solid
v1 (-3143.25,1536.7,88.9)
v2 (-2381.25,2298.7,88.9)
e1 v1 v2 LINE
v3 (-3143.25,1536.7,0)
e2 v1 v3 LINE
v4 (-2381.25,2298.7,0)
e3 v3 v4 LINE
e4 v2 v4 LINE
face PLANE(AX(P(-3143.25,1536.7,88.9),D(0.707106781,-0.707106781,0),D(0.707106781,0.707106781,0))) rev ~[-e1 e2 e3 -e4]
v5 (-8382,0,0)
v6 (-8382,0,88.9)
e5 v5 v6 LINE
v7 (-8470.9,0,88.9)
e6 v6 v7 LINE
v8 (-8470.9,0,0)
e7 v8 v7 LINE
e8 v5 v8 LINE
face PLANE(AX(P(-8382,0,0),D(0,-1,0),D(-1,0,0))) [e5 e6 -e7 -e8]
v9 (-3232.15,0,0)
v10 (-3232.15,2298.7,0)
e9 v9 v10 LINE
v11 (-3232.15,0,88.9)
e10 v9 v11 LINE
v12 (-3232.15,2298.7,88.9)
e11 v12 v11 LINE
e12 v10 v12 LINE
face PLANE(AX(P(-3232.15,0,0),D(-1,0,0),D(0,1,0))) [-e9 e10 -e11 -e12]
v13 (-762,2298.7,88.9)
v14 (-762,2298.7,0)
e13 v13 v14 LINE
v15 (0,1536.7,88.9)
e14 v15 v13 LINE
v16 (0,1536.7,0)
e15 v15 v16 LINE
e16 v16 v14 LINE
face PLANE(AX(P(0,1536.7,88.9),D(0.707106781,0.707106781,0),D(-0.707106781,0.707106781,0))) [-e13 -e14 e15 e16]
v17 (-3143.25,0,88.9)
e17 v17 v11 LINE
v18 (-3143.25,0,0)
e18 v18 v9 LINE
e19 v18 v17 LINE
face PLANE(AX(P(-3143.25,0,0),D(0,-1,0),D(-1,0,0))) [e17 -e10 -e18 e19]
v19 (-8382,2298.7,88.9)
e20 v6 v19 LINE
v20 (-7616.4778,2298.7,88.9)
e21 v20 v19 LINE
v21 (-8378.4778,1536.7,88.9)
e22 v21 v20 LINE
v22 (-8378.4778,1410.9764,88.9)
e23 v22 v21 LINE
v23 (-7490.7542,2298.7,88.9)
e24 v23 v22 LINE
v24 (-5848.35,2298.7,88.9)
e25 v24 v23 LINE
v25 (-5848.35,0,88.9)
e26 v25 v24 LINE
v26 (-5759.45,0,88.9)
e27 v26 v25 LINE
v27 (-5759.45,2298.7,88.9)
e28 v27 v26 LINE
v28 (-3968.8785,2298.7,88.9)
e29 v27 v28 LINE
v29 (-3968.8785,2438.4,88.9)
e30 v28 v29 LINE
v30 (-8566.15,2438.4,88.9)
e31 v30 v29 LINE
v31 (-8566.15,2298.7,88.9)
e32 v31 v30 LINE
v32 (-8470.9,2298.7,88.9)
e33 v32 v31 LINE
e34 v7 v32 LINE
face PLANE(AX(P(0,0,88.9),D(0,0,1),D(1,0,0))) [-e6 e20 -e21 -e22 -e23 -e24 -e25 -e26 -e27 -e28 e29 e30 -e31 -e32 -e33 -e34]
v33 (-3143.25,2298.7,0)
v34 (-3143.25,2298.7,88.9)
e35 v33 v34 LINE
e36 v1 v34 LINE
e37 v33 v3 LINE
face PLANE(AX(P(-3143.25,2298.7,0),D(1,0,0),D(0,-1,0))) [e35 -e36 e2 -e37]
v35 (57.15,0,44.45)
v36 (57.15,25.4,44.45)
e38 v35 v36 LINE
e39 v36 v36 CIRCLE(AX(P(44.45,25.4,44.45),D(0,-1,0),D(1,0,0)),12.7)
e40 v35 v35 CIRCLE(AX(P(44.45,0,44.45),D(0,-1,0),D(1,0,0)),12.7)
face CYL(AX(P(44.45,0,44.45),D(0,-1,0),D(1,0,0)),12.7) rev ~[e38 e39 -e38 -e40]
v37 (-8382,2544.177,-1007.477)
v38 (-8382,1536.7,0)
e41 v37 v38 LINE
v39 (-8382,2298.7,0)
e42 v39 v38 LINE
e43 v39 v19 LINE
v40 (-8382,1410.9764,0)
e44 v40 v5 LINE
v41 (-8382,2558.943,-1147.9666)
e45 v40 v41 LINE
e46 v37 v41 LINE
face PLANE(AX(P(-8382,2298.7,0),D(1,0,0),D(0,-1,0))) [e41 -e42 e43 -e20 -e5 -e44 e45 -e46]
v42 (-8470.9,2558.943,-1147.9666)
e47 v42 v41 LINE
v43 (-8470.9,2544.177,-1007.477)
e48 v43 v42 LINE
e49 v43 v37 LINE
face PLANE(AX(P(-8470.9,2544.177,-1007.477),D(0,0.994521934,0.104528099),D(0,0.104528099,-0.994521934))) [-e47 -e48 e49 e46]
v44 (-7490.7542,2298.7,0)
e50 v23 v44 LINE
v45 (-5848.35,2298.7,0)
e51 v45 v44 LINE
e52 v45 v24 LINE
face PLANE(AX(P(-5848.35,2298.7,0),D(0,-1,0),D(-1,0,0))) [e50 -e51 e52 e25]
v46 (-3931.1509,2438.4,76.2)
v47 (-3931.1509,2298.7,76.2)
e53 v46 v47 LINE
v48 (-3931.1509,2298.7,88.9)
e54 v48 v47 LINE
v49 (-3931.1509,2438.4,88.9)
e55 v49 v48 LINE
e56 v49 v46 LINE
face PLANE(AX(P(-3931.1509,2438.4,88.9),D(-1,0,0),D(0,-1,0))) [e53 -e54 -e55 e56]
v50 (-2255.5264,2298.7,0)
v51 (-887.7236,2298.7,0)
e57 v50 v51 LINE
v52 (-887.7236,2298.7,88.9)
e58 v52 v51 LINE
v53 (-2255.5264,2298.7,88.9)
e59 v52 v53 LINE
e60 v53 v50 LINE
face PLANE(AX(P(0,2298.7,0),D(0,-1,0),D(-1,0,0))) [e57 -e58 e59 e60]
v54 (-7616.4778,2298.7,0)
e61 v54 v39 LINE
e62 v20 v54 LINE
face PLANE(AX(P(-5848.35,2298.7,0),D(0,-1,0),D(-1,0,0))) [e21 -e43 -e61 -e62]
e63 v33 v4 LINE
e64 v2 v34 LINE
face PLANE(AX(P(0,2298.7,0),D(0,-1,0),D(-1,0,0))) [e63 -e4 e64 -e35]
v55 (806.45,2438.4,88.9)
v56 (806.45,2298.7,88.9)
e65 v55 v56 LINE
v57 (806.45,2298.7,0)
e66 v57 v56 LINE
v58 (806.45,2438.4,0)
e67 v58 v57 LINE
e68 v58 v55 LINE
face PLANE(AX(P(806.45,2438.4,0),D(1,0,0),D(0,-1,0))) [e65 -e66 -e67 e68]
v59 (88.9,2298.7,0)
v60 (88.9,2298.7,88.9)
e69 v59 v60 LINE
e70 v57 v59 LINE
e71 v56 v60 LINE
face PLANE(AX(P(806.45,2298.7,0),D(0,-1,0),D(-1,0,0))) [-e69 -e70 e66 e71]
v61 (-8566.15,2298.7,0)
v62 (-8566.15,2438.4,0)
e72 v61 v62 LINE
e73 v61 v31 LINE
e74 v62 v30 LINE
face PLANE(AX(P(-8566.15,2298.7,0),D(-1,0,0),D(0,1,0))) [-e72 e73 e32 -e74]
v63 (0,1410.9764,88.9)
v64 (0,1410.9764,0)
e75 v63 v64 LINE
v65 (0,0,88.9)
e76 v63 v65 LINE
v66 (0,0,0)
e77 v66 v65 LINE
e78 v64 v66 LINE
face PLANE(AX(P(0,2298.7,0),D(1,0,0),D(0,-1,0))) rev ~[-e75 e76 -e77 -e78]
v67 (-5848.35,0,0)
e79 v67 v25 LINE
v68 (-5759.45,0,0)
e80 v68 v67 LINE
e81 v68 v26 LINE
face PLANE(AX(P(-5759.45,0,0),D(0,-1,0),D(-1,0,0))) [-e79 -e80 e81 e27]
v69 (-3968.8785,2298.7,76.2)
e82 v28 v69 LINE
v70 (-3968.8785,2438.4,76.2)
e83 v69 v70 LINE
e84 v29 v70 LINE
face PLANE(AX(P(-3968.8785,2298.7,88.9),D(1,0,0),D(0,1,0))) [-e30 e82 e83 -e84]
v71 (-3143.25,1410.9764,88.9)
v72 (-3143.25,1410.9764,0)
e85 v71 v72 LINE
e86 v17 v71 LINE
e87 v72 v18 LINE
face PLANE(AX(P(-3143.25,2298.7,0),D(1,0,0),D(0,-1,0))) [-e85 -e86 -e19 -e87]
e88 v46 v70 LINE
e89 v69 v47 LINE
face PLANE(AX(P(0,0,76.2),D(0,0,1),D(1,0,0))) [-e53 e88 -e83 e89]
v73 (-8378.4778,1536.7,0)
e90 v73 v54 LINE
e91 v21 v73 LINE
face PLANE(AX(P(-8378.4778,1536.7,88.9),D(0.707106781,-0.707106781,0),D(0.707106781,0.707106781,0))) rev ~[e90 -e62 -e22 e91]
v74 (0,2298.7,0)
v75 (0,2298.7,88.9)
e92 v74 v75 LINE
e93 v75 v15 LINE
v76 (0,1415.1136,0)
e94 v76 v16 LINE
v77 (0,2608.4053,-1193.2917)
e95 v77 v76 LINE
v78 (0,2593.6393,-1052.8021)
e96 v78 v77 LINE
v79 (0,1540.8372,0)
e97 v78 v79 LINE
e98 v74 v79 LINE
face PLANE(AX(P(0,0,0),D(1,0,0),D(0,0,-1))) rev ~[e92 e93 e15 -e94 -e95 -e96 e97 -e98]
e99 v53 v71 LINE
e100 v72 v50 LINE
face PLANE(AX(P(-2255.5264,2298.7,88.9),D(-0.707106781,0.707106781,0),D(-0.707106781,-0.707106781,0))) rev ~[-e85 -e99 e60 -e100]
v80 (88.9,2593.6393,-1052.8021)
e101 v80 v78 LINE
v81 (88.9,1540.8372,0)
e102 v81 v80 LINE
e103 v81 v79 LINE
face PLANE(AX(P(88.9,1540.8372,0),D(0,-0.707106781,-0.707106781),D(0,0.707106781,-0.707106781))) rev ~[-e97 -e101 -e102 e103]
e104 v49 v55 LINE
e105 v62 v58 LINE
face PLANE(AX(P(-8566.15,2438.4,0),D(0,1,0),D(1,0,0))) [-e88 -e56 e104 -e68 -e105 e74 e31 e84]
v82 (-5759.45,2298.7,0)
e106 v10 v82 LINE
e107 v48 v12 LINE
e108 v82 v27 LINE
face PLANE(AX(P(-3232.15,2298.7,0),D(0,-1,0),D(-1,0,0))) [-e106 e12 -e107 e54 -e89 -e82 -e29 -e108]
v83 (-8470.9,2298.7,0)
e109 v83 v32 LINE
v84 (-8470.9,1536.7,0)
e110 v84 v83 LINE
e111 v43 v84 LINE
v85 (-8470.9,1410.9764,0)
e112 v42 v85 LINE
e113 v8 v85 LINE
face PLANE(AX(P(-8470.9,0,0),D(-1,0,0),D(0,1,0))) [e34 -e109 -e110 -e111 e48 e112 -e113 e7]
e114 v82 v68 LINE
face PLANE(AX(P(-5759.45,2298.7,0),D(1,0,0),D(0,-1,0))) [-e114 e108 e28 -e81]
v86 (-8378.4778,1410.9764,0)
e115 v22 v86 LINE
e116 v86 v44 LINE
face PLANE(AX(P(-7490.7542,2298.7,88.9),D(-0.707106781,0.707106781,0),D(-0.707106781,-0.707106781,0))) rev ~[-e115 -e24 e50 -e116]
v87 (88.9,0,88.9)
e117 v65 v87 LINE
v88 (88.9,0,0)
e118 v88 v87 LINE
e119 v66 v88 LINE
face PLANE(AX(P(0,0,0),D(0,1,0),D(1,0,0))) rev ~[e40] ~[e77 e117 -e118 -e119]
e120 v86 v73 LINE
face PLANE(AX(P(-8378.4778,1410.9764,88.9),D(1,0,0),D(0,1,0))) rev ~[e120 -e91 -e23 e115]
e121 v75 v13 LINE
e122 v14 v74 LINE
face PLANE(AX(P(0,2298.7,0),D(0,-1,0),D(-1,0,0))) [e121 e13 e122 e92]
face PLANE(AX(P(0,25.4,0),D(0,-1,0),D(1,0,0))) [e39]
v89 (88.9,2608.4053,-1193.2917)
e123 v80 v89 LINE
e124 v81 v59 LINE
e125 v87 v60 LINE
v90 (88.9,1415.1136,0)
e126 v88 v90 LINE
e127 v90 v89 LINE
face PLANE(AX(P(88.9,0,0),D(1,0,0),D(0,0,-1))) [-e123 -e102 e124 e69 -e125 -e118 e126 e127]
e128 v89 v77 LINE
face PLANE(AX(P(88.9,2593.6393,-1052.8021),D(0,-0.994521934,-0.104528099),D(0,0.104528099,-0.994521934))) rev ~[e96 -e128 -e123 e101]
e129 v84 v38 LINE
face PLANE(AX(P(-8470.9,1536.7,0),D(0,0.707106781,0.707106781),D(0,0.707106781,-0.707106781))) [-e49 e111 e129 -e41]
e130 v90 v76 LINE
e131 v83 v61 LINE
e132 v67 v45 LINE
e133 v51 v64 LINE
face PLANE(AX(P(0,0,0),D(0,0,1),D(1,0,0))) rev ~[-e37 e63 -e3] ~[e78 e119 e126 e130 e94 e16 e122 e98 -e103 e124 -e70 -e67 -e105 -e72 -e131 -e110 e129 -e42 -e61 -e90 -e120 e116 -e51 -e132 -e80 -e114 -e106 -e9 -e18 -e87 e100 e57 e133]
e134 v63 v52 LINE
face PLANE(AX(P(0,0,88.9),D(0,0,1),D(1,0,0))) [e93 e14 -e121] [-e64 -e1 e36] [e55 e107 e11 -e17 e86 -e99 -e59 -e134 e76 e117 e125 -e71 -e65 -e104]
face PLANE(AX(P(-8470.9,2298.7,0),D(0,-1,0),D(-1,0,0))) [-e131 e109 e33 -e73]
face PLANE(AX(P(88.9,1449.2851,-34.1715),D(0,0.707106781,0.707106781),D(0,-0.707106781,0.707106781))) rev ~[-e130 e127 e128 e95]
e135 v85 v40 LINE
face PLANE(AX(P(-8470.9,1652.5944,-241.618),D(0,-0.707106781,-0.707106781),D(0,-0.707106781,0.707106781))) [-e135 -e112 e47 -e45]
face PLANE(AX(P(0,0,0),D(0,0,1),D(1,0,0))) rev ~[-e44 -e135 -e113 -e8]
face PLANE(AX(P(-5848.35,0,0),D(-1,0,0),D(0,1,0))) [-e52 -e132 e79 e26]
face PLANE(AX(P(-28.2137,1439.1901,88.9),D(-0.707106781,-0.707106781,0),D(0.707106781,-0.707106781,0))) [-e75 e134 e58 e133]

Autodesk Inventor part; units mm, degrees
ref_plane "YZ Plane" through (0, 0, 0) normal (1, 0, 0) x (0, 1, 0)
ref_plane "XZ Plane" through (0, 0, 0) normal (0, 1, 0) x (-1, 0, 0)
ref_plane "XY Plane" through (0, 0, 0) normal (0, 0, 1) x (1, 0, 0)
sketch "Sketch1" plane through (0, 0, 0) normal (0, 0, 1) x (1, 0, 0)
  line L0 (0, 0) -> (88.9, 0)
  line L1 (88.9, 0) -> (88.9, 2298.7)
  line L2 (88.9, 2298.7) -> (0, 2298.7)
  line L3 (0, 2298.7) -> (0, 0)
  line L4 (44.45, 2298.7) -> (806.45, 2298.7) construction
  line L5 (806.45, 2298.7) -> (-8566.15, 2298.7)
  line L6 (-8566.15, 2298.7) -> (-8566.15, 2438.4)
  line L7 (-8566.15, 2438.4) -> (806.45, 2438.4)
  line L8 (806.45, 2438.4) -> (806.45, 2298.7)
  line L9 (-3143.25, 0) -> (-3232.15, 0)
  line L10 (-3232.15, 0) -> (-3232.15, 2298.7)
  line L11 (-3232.15, 2298.7) -> (-3143.25, 2298.7)
  line L12 (-3143.25, 2298.7) -> (-3143.25, 0)
  line L13 (-5759.45, 0) -> (-5848.35, 0)
  line L14 (-5848.35, 0) -> (-5848.35, 2298.7)
  line L15 (-5848.35, 2298.7) -> (-5759.45, 2298.7)
  line L16 (-5759.45, 2298.7) -> (-5759.45, 0)
  line L17 (-8382, 0) -> (-8470.9, 0)
  line L18 (-8470.9, 0) -> (-8470.9, 2298.7)
  line L19 (-8470.9, 2298.7) -> (-8382, 2298.7)
  line L20 (-8382, 2298.7) -> (-8382, 0)
  line L21 (0, 1536.7) -> (1081.4669, 1536.7) construction
  line L22 (-3187.7, 2298.7) -> (-3187.7, 0) construction
  line L23 (-3232.15, 1745.1837) -> (-3232.15, 1870.9072)
  line L24 (-4141.2663, 2298.7) -> (-4015.5428, 2298.7)
  line L25 (-3143.25, 1745.1837) -> (-3143.25, 1870.9072)
  line L26 (-2234.1337, 2298.7) -> (-2359.8572, 2298.7)
  line L27 (-8382, 1745.1837) -> (-8382, 1870.9072)
  point P0 (-887.7236, 2298.7)
  point P1 (0, 1766.5764)
  dimension "d0" = 88.9
  dimension "d1" = 2298.7
  dimension "d2" = 762
  dimension "d3" = 9372.6
  dimension "d4" = 139.7
  dimension "d5" = 88.9
  dimension "d6" = 3232.15
  dimension "d7" = 88.9
  dimension "d8" = 2616.2
  dimension "d9" = 88.9
  dimension "d10" = 2622.55
  dimension "d12" = 762
extrude "Extrusion1" add sketch "Sketch1" along normal blind 88.9
sketch "Sketch4" plane through (0, 0, 88.9) normal (0, 0, 1) x (1, 0, 0)
  line L0 (-3232.15, 2298.7) -> (-3232.15, 0) projected
  line L1 (-3232.15, 0) -> (-3143.25, 0) projected
  line L2 (-3143.25, 0) -> (-3143.25, 2298.7) projected
  line L3 (-3143.25, 2298.7) -> (0, 2298.7) projected
  line L4 (0, 2298.7) -> (0, 0) projected
  line L5 (-8382, 2298.7) -> (-5848.35, 2298.7) projected
  line L6 (-5759.45, 2298.7) -> (-3232.15, 2298.7) projected
  line L7 (0, 1536.7) -> (-762, 2298.7)
  line L8 (0, 1536.7) -> (1437.5812, 1536.7) construction
  line L9 (-887.7236, 2298.7) -> (-28.2137, 1439.1901)
  line L10 (-28.2137, 1439.1901) -> (0, 1410.9764)
  line L11 (0, 1410.9764) -> (0, 1536.7)
  line L12 (-762, 2298.7) -> (-887.7236, 2298.7)
  line L13 (-3232.15, 1536.7) -> (-1794.5688, 1536.7) construction
  line L14 (-3232.15, 1410.9764) -> (-3232.15, 1536.7)
  line L15 (-3994.15, 2298.7) -> (-4119.8736, 2298.7)
  line L16 (-2769.5485, 2298.7) -> (-2769.5485, 1149.35) construction
  line L17 (-7616.4778, 2298.7) -> (-7490.7542, 2298.7)
  line L18 (-7490.7542, 2298.7) -> (-8350.2641, 1439.1901)
  line L19 (-8350.2641, 1439.1901) -> (-8378.4778, 1410.9764)
  line L20 (-8378.4778, 1410.9764) -> (-8378.4778, 1536.7)
  line L21 (-8378.4778, 1536.7) -> (-7616.4778, 2298.7)
  line L22 (-3187.7, 0) -> (-3187.7, 2254.8512) construction
  line L23 (-2381.25, 2298.7) -> (-2255.5264, 2298.7)
  line L24 (-2255.5264, 2298.7) -> (-3115.0363, 1439.1901)
  line L25 (-3115.0363, 1439.1901) -> (-3143.25, 1410.9764)
  line L26 (-3143.25, 1410.9764) -> (-3143.25, 1536.7)
  line L27 (-3143.25, 1536.7) -> (-2381.25, 2298.7)
  dimension "d23" = 135
  dimension "d24" = 762
extrude "Extrusion4" add sketch "Sketch4" against normal blind 88.9 contours L3 L7 L4 L10 L9 | L2 L27 L3 L24 L25 | L5 L18 L19 L20 L21
sketch "Sketch5" plane through (0, 0, 0) normal (0, -1, 0) x (1, 0, 0)
  circle A0 centre (44.45, 44.45) radius 12.7
  dimension "d29" = 25.4
extrude "Extrusion5" cut sketch "Sketch5" against normal blind 25.4
sketch "Sketch7" plane through (-8470.9, 0, 0) normal (-1, 0, 0) x (0, 0, 1)
  line L0 (88.9, 2298.7) -> (88.9, 0) projected
  line L1 (0, 2298.7) -> (88.9, 2298.7) projected
  line L2 (0, 2298.7) -> (0, 0) projected
  line L3 (44.45, 2298.7) -> (44.45, 1217.0761) construction
  line L4 (0, 1536.7) -> (-898.0256, 2434.7256)
  line L5 (-960.8874, 2371.8638) -> (-241.618, 1652.5944)
  line L6 (-241.618, 1652.5944) -> (0, 1410.9764)
  line L7 (-960.8874, 2371.8638) -> (-1023.7492, 2434.7256)
  line L8 (0, 1536.7) -> (0, 1410.9764)
  line L9 (-898.0256, 2434.7256) -> (-1007.477, 2544.177)
  line L10 (-1007.477, 2544.177) -> (-1147.9666, 2558.943)
  line L11 (-1023.7492, 2434.7256) -> (-1147.9666, 2558.943)
  point P0 (88.9, 1536.7)
  point P1 (88.9, 1410.9764)
  dimension "d55" = 154.7876
  dimension "d56" = 141
extrude "Extrusion7" add sketch "Sketch7" against normal blind 88.9
sketch "Sketch8" plane through (88.9, 0, 0) normal (1, 0, 0) x (0, 0, -1)
  line L0 (-88.9, 0) -> (-88.9, 2298.7) projected
  line L1 (-88.9, 1540.8372) -> (1181.1, 1540.8372) construction
  line L2 (0, 0) -> (0, 2298.7) projected
  line L3 (0, 2298.7) -> (-88.9, 2298.7) projected
  line L4 (-44.45, 2298.7) -> (-44.45, 1189.3242) construction
  line L5 (0, 1540.8372) -> (898.0256, 2438.8628)
  line L6 (960.8874, 2376.001) -> (34.1715, 1449.2851)
  line L7 (34.1715, 1449.2851) -> (0, 1415.1136)
  line L8 (0, 1540.8372) -> (0, 1415.1136)
  line L9 (960.8874, 2376.001) -> (1023.7492, 2438.8628)
  line L10 (898.0256, 2438.8628) -> (1052.8021, 2593.6393)
  line L11 (1052.8021, 2593.6393) -> (1193.2917, 2608.4053)
  line L12 (1023.7492, 2438.8628) -> (1193.2917, 2608.4053)
  point P0 (-88.9, 1415.1136)
  dimension "d53" = 141
  dimension "d54" = 154.7765
extrude "Extrusion8" add sketch "Sketch8" against normal blind 88.9
sketch "Sketch9" plane through (0, 0, 88.9) normal (0, 0, 1) x (1, 0, 0)
  line L0 (806.45, 2298.7) -> (806.45, 2438.4) projected
  line L1 (806.45, 2438.4) -> (-8566.15, 2438.4) projected
  line L2 (-5759.45, 2298.7) -> (-3232.15, 2298.7) projected
  line L3 (-3949.7, 2438.4) -> (-3949.7, 2298.7) construction
  line L4 (-3968.8785, 2438.4) -> (-3931.1509, 2438.4)
  line L5 (-3931.1509, 2438.4) -> (-3931.1509, 2298.7)
  line L6 (-3931.1509, 2298.7) -> (-3968.8785, 2298.7)
  line L7 (-3968.8785, 2298.7) -> (-3968.8785, 2438.4)
  dimension "d50" = 4756.15
extrude "Extrusion9" cut sketch "Sketch9" against normal blind 12.7
properties part number "highSide" material "Wood (Birch)"
